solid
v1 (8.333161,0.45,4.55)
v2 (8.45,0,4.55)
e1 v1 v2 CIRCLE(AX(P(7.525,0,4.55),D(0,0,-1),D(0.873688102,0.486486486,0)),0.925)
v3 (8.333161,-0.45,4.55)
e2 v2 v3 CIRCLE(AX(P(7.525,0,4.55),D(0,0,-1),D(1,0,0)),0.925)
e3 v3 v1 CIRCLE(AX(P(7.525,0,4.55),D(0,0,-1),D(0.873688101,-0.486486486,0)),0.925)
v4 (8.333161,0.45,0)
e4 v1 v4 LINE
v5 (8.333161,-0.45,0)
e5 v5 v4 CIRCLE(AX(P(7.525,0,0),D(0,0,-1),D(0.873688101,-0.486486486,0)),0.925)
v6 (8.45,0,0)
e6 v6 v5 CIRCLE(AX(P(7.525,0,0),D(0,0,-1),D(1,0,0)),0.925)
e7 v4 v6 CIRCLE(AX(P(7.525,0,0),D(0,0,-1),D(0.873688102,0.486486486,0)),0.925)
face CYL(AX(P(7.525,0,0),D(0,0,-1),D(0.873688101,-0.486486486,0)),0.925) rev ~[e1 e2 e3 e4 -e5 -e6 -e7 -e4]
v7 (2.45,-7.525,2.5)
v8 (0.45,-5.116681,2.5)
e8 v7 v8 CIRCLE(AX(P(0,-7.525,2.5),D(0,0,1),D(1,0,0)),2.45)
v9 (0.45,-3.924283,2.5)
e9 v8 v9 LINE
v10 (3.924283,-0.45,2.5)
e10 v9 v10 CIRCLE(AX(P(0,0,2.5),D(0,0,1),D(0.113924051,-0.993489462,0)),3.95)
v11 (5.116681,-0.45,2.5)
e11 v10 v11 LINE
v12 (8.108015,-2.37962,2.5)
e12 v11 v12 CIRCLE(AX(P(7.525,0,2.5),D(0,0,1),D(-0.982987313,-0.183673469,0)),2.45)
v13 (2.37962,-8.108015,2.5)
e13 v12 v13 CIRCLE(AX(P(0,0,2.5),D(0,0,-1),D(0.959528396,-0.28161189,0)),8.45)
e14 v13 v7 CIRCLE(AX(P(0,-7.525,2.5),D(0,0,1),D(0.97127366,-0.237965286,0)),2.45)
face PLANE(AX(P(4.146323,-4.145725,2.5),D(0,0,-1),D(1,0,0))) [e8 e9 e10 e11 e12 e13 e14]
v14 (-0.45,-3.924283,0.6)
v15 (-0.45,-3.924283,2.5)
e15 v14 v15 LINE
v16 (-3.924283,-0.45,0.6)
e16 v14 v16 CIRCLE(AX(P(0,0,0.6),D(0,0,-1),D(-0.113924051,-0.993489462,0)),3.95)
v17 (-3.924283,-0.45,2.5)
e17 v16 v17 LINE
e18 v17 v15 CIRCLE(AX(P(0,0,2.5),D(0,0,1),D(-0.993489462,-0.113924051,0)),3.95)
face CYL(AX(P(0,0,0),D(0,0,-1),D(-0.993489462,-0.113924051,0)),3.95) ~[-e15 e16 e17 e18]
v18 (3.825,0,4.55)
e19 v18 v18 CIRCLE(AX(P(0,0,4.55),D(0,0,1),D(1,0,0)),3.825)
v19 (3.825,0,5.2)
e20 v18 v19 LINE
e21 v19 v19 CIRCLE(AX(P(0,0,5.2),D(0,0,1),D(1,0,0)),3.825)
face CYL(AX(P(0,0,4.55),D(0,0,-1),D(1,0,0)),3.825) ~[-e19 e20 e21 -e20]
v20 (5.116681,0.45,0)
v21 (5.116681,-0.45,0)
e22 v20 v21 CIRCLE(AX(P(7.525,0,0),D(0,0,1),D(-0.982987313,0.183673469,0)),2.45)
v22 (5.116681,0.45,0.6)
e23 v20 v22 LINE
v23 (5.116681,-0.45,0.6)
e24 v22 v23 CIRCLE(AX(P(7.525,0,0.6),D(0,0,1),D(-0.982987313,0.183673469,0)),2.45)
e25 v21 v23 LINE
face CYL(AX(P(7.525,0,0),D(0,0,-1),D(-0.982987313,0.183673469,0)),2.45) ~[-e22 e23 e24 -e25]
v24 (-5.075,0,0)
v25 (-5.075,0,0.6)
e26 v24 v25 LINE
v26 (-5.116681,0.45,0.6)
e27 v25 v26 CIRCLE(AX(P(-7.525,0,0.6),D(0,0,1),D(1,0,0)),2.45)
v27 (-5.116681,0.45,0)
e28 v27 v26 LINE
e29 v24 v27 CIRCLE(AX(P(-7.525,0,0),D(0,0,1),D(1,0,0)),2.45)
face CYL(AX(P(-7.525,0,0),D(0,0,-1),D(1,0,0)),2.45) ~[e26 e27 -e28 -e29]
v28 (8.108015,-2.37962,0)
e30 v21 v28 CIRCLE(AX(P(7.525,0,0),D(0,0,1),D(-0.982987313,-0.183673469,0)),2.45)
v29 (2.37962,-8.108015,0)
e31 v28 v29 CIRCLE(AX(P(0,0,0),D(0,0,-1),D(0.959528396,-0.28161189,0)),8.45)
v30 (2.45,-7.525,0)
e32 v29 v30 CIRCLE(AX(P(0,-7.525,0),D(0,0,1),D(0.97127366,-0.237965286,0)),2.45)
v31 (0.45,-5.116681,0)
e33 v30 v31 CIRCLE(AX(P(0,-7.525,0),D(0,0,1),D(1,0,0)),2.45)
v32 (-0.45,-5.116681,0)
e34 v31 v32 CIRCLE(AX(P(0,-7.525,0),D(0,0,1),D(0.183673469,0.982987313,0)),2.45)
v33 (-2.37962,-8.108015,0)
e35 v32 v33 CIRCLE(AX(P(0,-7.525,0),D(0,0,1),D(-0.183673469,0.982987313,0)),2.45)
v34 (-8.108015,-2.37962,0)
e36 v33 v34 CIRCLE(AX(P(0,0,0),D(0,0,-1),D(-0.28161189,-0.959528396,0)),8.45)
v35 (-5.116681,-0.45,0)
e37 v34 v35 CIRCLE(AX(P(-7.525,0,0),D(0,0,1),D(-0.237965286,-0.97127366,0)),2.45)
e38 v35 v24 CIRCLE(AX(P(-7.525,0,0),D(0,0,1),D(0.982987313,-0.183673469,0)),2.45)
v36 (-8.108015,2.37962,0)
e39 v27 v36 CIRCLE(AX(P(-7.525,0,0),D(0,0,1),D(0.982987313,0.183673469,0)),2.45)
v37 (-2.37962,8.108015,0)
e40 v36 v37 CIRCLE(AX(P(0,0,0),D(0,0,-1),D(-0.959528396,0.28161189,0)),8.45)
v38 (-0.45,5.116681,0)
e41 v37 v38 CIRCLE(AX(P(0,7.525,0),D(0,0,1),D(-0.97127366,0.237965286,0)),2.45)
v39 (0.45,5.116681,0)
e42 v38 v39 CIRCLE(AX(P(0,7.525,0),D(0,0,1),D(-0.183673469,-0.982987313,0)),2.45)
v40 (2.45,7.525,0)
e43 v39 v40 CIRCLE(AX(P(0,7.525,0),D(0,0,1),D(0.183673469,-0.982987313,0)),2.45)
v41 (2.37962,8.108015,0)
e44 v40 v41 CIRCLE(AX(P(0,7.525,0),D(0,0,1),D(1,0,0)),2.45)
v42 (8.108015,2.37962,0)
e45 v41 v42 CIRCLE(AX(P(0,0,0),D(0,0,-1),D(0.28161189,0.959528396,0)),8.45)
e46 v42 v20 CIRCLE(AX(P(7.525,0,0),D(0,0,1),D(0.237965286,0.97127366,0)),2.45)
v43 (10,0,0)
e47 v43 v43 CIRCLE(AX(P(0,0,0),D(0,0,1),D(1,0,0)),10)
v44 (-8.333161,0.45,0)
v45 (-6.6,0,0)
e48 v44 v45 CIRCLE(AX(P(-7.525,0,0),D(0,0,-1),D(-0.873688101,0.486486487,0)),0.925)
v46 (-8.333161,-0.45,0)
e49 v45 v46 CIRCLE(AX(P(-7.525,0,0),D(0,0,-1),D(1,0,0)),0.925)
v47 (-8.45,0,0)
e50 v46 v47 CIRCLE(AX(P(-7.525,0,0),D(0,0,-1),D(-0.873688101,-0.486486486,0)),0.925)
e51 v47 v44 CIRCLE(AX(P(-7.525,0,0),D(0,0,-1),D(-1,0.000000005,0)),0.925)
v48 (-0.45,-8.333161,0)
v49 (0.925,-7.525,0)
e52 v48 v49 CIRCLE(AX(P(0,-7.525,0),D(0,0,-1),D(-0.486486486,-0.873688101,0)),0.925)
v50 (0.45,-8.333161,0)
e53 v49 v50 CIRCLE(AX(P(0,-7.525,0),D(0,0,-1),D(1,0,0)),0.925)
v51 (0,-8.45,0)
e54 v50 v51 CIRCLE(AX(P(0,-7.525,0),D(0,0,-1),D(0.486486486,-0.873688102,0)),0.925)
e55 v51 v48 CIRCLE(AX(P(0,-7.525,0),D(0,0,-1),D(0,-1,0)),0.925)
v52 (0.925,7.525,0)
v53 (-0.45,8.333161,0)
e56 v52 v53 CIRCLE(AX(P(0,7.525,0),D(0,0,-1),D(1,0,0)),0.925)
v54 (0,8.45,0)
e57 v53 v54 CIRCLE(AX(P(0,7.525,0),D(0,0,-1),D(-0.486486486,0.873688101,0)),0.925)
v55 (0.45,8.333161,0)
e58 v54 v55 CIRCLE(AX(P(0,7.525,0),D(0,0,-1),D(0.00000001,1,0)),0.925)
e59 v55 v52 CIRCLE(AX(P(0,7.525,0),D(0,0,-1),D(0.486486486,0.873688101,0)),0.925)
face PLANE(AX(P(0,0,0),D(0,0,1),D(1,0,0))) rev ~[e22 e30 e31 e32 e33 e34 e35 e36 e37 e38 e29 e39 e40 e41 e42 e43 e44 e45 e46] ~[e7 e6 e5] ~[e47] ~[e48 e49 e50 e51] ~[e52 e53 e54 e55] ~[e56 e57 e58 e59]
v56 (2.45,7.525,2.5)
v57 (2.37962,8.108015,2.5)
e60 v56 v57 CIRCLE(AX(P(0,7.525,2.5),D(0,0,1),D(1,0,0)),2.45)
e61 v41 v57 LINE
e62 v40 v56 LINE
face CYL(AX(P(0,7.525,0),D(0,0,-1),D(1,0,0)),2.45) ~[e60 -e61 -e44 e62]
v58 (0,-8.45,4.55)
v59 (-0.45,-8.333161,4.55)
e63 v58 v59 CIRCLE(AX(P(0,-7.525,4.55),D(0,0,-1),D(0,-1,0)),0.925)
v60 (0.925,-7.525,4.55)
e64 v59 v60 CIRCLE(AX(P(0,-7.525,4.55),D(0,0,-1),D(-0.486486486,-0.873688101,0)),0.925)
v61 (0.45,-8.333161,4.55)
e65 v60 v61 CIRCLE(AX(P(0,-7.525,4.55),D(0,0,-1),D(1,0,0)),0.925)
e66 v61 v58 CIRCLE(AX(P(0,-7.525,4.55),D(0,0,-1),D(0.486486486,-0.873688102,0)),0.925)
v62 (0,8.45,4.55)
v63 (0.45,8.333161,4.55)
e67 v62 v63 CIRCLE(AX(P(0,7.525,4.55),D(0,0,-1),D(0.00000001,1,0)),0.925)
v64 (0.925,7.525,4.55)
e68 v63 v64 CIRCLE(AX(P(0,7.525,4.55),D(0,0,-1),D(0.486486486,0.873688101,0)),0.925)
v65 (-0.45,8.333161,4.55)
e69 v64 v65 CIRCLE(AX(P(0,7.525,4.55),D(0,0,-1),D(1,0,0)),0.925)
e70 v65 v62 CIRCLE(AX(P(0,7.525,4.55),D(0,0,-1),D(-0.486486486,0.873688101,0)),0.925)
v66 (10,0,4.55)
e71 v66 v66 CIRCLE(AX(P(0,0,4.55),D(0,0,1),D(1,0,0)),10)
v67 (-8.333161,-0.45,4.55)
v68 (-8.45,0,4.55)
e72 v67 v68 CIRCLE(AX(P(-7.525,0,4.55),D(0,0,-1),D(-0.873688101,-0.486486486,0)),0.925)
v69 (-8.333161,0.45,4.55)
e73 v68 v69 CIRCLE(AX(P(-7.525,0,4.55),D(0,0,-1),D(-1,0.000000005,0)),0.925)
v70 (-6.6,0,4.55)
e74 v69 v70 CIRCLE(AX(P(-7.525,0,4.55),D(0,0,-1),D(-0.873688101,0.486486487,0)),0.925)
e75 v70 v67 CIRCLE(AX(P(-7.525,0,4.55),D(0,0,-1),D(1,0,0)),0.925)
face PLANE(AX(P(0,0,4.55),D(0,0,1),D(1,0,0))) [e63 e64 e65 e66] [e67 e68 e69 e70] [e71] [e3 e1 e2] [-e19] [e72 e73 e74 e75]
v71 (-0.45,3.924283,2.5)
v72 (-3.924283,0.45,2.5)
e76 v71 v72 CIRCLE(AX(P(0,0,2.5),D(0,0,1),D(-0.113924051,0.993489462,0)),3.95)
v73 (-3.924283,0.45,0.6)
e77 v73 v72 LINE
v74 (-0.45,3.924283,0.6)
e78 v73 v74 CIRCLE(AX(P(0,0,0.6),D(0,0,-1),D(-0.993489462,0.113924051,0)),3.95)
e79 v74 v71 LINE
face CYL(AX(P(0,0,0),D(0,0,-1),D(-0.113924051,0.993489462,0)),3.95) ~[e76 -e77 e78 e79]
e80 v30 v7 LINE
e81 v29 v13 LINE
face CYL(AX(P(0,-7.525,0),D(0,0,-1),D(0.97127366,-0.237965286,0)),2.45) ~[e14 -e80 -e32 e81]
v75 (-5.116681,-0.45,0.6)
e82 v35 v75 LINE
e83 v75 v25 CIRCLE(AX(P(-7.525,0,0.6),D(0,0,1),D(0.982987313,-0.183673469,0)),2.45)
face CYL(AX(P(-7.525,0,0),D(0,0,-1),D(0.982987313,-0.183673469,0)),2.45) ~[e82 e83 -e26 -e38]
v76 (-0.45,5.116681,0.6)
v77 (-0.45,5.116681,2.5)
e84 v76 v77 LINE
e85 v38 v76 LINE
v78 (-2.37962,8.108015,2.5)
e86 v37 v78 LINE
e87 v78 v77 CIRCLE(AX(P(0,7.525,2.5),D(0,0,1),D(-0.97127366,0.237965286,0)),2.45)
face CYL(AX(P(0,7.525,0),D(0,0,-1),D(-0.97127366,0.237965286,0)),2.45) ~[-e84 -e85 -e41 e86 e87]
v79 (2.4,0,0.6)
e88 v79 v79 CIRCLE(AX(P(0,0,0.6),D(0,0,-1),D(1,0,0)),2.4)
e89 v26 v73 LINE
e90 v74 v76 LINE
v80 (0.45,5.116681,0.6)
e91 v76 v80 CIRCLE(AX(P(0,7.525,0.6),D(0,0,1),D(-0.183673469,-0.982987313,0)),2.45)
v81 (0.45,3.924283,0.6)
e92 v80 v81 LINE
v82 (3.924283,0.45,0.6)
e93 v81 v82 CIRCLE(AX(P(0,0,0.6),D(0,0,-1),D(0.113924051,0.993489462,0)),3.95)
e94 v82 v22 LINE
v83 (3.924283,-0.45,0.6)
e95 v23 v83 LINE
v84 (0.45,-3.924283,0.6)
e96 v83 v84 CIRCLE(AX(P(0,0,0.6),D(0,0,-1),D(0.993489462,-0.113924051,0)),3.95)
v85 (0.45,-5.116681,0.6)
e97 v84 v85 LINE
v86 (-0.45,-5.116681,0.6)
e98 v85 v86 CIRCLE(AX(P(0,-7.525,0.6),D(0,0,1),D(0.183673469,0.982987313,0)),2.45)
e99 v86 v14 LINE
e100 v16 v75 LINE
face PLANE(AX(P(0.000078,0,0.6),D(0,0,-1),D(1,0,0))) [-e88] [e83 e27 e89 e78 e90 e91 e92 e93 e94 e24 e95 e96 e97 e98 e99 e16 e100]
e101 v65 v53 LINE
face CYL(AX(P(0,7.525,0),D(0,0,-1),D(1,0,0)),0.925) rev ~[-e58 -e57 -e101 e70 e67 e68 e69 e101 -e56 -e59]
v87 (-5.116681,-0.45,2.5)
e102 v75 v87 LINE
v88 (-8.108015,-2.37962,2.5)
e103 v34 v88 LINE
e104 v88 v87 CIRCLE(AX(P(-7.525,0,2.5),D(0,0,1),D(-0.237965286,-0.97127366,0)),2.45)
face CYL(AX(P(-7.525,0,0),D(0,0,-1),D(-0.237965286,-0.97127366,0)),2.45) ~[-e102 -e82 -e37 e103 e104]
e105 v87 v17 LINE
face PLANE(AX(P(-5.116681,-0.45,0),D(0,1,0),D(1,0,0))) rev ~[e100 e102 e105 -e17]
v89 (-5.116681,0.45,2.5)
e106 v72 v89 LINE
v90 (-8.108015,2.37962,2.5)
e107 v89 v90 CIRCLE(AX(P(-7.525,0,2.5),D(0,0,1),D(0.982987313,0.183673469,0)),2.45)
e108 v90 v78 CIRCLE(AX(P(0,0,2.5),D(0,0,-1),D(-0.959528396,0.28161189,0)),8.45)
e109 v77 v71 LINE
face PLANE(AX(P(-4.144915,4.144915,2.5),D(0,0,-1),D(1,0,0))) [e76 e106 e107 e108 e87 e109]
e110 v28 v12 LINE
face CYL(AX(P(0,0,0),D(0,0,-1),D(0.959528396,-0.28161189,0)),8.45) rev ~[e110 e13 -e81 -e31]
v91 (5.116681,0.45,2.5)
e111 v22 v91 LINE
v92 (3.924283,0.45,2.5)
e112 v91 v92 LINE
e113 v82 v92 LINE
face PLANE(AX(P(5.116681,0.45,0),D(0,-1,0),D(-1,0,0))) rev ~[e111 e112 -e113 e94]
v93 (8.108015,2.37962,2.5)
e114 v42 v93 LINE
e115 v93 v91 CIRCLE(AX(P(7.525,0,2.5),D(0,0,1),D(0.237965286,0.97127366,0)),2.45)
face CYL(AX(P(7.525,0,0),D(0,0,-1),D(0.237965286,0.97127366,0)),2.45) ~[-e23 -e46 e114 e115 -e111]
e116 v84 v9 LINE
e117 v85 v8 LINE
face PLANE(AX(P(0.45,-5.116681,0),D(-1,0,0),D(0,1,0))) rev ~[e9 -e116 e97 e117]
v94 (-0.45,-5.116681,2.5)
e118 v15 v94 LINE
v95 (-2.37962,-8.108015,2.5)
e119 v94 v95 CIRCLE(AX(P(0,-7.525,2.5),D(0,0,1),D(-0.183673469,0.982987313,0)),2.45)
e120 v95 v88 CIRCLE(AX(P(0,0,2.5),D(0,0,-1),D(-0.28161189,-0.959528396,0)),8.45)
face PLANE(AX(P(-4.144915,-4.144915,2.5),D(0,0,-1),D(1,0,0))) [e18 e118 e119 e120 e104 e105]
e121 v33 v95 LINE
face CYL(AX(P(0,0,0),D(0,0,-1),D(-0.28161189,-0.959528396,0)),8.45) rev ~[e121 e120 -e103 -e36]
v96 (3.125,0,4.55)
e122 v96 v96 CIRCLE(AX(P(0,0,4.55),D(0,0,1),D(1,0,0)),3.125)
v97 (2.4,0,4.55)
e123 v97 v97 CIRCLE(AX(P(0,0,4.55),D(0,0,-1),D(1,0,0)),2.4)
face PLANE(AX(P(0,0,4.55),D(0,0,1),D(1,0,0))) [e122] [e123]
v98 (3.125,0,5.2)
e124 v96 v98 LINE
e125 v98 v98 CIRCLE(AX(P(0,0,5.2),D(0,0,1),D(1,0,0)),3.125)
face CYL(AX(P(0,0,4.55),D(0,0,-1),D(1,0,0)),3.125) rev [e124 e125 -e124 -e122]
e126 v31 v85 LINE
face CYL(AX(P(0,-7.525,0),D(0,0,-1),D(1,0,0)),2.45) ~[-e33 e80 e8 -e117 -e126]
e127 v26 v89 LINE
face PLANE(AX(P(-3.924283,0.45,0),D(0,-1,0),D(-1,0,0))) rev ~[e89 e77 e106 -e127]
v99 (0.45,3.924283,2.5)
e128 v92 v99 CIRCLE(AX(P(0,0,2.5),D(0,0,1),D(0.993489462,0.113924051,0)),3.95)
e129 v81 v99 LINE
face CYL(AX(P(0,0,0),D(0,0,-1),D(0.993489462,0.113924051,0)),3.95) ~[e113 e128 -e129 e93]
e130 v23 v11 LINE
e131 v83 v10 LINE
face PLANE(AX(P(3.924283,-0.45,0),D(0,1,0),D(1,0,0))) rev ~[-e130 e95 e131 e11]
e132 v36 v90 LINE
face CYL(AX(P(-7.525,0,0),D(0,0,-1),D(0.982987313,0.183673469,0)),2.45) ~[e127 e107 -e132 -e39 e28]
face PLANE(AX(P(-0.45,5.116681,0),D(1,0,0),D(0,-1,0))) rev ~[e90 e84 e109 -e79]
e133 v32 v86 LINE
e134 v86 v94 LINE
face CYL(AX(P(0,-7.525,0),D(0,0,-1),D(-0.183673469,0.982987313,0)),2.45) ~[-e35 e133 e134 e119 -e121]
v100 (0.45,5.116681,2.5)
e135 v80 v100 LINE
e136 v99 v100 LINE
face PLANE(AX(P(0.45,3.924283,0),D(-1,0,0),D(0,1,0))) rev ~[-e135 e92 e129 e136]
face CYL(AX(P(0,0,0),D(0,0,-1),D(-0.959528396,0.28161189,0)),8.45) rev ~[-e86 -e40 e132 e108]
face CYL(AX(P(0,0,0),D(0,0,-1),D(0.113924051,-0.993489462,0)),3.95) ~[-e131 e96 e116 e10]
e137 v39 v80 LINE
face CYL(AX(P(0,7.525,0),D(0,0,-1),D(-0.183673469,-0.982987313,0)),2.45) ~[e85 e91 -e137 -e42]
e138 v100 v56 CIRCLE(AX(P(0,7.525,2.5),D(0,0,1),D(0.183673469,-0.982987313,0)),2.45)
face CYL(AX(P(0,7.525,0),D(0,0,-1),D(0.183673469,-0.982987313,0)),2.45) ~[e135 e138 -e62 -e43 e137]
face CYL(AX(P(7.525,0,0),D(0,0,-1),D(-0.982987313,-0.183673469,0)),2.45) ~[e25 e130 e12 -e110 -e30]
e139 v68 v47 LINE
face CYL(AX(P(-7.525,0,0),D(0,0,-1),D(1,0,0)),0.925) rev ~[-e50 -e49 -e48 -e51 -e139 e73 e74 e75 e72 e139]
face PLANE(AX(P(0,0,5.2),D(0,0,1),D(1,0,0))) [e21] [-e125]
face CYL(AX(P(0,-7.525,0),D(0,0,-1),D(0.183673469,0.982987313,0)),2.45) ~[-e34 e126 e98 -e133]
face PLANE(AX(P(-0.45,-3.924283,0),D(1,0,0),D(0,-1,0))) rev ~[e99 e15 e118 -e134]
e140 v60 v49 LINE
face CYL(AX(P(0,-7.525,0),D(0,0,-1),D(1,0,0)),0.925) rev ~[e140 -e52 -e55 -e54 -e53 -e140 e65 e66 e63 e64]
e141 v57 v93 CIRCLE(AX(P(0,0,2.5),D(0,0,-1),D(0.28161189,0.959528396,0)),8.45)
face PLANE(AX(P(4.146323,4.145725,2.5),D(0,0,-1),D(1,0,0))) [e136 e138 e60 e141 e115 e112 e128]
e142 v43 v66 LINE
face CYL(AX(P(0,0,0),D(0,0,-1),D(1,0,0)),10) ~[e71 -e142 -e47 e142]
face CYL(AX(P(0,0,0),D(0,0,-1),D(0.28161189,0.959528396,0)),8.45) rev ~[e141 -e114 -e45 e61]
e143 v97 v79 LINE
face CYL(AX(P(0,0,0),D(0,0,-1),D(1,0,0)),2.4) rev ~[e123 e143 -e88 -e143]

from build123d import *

# Parameters (mm, degrees)
F0_R     = 10
F1_DEPTH = 4.55
F2_R     = 2.4
F3_DEPTH = 2.5
F4_DEPTH = 25
F5_DEPTH = 0.6
F6_R     = 3.825
F6_R_2   = 3.125
F7_DEPTH = 0.65


with BuildPart() as f1:
    # F0 (on Top) → F1 (new body)
    with BuildSketch(Plane.XY):
        Circle(F0_R)
    extrude(amount=F1_DEPTH)

    # F2 (on face) → F3 (cut)
    with BuildSketch(Plane(origin=(0, 0, 0), x_dir=(1, 0, 0), z_dir=(0, 0, -1))):
        with BuildLine():
            ThreePointArc((5.1166810842, 0.45), (6.1969215277, 2.0588121749), (8.1080149502, 2.3796204672))
            ThreePointArc((8.1080149502, 2.3796204672), (5.975052301, 5.975052301), (2.3796204672, 8.1080149502))
            ThreePointArc((2.3796204672, 8.1080149502), (2.4323414794, 7.818623786), (2.45, 7.525))
            ThreePointArc((2.45, 7.525), (1.8848076825, 5.9597524158), (0.45, 5.1166810842))
            Line((0.45, 5.1166810842), (0.45, 3.9242833741))
            ThreePointArc((0.45, 3.9242833741), (2.7930717857, 2.7930717857), (3.9242833741, 0.45))
            Line((3.9242833741, 0.45), (5.1166810842, 0.45))
        make_face()
        with BuildLine():
            ThreePointArc((-0.45, 5.1166810842), (-2.0588121749, 6.1969215277), (-2.3796204672, 8.1080149502))
            ThreePointArc((-2.3796204672, 8.1080149502), (-5.975052301, 5.975052301), (-8.1080149502, 2.3796204672))
            ThreePointArc((-8.1080149502, 2.3796204672), (-6.1969215277, 2.0588121749), (-5.1166810842, 0.45))
            Line((-5.1166810842, 0.45), (-3.9242833741, 0.45))
            ThreePointArc((-3.9242833741, 0.45), (-2.7930717857, 2.7930717857), (-0.45, 3.9242833741))
            Line((-0.45, 3.9242833741), (-0.45, 5.1166810842))
        make_face()
        with BuildLine():
            ThreePointArc((-8.1080149502, -2.3796204672), (-5.975052301, -5.975052301), (-2.3796204672, -8.1080149502))
            ThreePointArc((-2.3796204672, -8.1080149502), (-2.0588121749, -6.1969215277), (-0.45, -5.1166810842))
            Line((-0.45, -5.1166810842), (-0.45, -3.9242833741))
            ThreePointArc((-0.45, -3.9242833741), (-2.7930717857, -2.7930717857), (-3.9242833741, -0.45))
            Line((-3.9242833741, -0.45), (-5.1166810842, -0.45))
            ThreePointArc((-5.1166810842, -0.45), (-6.1969215277, -2.0588121749), (-8.1080149502, -2.3796204672))
        make_face()
        with BuildLine():
            ThreePointArc((2.3796204672, -8.1080149502), (5.975052301, -5.975052301), (8.1080149502, -2.3796204672))
            ThreePointArc((8.1080149502, -2.3796204672), (6.1969215277, -2.0588121749), (5.1166810842, -0.45))
            Line((5.1166810842, -0.45), (3.9242833741, -0.45))
            ThreePointArc((3.9242833741, -0.45), (2.7930717857, -2.7930717857), (0.45, -3.9242833741))
            Line((0.45, -3.9242833741), (0.45, -5.1166810842))
            ThreePointArc((0.45, -5.1166810842), (1.8848076825, -5.9597524158), (2.45, -7.525))
            ThreePointArc((2.45, -7.525), (2.4323414794, -7.818623786), (2.3796204672, -8.1080149502))
        make_face()
        with BuildLine():
            ThreePointArc((8.3331614938, -0.45), (8.420314018, -0.2324603388), (8.45, 0))
            ThreePointArc((8.45, 0), (8.420314018, 0.2324603388), (8.3331614938, 0.45))
            ThreePointArc((8.3331614938, 0.45), (6.6, 0), (8.3331614938, -0.45))
        make_face()
        with BuildLine():
            ThreePointArc((-8.3331614938, 0.45), (-8.4203140187, 0.2324603363), (-8.45, -5.3e-09))
            ThreePointArc((-8.45, -5.3e-09), (-8.4203140174, -0.2324603414), (-8.3331614938, -0.45))
            ThreePointArc((-8.3331614938, -0.45), (-7.2925396612, -0.895314018), (-6.6, 0))
            ThreePointArc((-6.6, 0), (-7.2925396612, 0.895314018), (-8.3331614938, 0.45))
        make_face()
        with BuildLine():
            ThreePointArc((0.45, 8.3331614938), (0.2324603388, 8.420314018), (0, 8.45))
            ThreePointArc((0, 8.45), (-0.2324603388, 8.420314018), (-0.45, 8.3331614938))
            ThreePointArc((-0.45, 8.3331614938), (-0.4687083315, 6.7275431046), (0.925, 7.525))
            ThreePointArc((0.925, 7.525), (0.7974568954, 7.9937083315), (0.45, 8.3331614938))
        make_face()
        with BuildLine():
            ThreePointArc((-0.45, -8.3331614938), (-0.2324603347, -8.4203140191), (8.6e-09, -8.45))
            ThreePointArc((8.6e-09, -8.45), (0.232460343, -8.4203140169), (0.45, -8.3331614938))
            ThreePointArc((0.45, -8.3331614938), (0.7974568954, -7.9937083315), (0.925, -7.525))
            ThreePointArc((0.925, -7.525), (-0.4687083315, -6.7275431046), (-0.45, -8.3331614938))
        make_face()
        Circle(F2_R)
    extrude(amount=-F3_DEPTH, mode=Mode.SUBTRACT)

    # F4 (cut): faces of the model
    f4_faces = [f1.faces().sort_by_distance(p)[0] for p in [
        (7.525, 0, 2.5),
        (-7.525, 0, 2.5),
        (0, -7.525, 2.5),
        (0, 0, 2.5),
        (0, 7.525, 2.5),
    ]]
    extrude(f4_faces, amount=-F4_DEPTH, mode=Mode.SUBTRACT)

    # F2 (on face) → F5 (cut)
    with BuildSketch(Plane(origin=(0, 0, 0), x_dir=(1, 0, 0), z_dir=(0, 0, -1))):
        with BuildLine():
            ThreePointArc((3.95, 0), (3.9435656028, 0.2253671143), (3.9242833741, 0.45))
            ThreePointArc((3.9242833741, 0.45), (2.7930717857, 2.7930717857), (0.45, 3.9242833741))
            ThreePointArc((0.45, 3.9242833741), (0, 3.95), (-0.45, 3.9242833741))
            ThreePointArc((-0.45, 3.9242833741), (-2.7930717857, 2.7930717857), (-3.9242833741, 0.45))
            ThreePointArc((-3.9242833741, 0.45), (-3.95, 0), (-3.9242833741, -0.45))
            ThreePointArc((-3.9242833741, -0.45), (-2.7930717857, -2.7930717857), (-0.45, -3.9242833741))
            ThreePointArc((-0.45, -3.9242833741), (0, -3.95), (0.45, -3.9242833741))
            ThreePointArc((0.45, -3.9242833741), (2.7930717857, -2.7930717857), (3.9242833741, -0.45))
            ThreePointArc((3.9242833741, -0.45), (3.9435656028, -0.2253671143), (3.95, 0))
        make_face()
        Circle(F2_R, mode=Mode.SUBTRACT)
        with BuildLine():
            Line((0.45, 3.9242833741), (0.45, 5.1166810842))
            ThreePointArc((0.45, 5.1166810842), (0, 5.075), (-0.45, 5.1166810842))
            Line((-0.45, 5.1166810842), (-0.45, 3.9242833741))
            ThreePointArc((-0.45, 3.9242833741), (0, 3.95), (0.45, 3.9242833741))
        make_face()
        with BuildLine():
            ThreePointArc((5.1166810842, -0.45), (5.075, 0), (5.1166810842, 0.45))
            Line((5.1166810842, 0.45), (3.9242833741, 0.45))
            ThreePointArc((3.9242833741, 0.45), (3.9435656028, 0.2253671143), (3.95, 0))
            ThreePointArc((3.95, 0), (3.9435656028, -0.2253671143), (3.9242833741, -0.45))
            Line((3.9242833741, -0.45), (5.1166810842, -0.45))
        make_face()
        with BuildLine():
            Line((-0.45, -3.9242833741), (-0.45, -5.1166810842))
            ThreePointArc((-0.45, -5.1166810842), (0, -5.075), (0.45, -5.1166810842))
            Line((0.45, -5.1166810842), (0.45, -3.9242833741))
            ThreePointArc((0.45, -3.9242833741), (0, -3.95), (-0.45, -3.9242833741))
        make_face()
        with BuildLine():
            Line((-3.9242833741, 0.45), (-5.1166810842, 0.45))
            ThreePointArc((-5.1166810842, 0.45), (-5.0854425254, 0.2259631125), (-5.075, 0))
            ThreePointArc((-5.075, 0), (-5.0854425254, -0.2259631125), (-5.1166810842, -0.45))
            Line((-5.1166810842, -0.45), (-3.9242833741, -0.45))
            ThreePointArc((-3.9242833741, -0.45), (-3.95, 0), (-3.9242833741, 0.45))
        make_face()
    extrude(amount=-F5_DEPTH, mode=Mode.SUBTRACT)

    # F6 (on face) → F7 (join)
    with BuildSketch(Plane.XY.offset(4.55)):
        Circle(F6_R)
        Circle(F6_R_2, mode=Mode.SUBTRACT)
    extrude(amount=F7_DEPTH)


solid = f1.part
